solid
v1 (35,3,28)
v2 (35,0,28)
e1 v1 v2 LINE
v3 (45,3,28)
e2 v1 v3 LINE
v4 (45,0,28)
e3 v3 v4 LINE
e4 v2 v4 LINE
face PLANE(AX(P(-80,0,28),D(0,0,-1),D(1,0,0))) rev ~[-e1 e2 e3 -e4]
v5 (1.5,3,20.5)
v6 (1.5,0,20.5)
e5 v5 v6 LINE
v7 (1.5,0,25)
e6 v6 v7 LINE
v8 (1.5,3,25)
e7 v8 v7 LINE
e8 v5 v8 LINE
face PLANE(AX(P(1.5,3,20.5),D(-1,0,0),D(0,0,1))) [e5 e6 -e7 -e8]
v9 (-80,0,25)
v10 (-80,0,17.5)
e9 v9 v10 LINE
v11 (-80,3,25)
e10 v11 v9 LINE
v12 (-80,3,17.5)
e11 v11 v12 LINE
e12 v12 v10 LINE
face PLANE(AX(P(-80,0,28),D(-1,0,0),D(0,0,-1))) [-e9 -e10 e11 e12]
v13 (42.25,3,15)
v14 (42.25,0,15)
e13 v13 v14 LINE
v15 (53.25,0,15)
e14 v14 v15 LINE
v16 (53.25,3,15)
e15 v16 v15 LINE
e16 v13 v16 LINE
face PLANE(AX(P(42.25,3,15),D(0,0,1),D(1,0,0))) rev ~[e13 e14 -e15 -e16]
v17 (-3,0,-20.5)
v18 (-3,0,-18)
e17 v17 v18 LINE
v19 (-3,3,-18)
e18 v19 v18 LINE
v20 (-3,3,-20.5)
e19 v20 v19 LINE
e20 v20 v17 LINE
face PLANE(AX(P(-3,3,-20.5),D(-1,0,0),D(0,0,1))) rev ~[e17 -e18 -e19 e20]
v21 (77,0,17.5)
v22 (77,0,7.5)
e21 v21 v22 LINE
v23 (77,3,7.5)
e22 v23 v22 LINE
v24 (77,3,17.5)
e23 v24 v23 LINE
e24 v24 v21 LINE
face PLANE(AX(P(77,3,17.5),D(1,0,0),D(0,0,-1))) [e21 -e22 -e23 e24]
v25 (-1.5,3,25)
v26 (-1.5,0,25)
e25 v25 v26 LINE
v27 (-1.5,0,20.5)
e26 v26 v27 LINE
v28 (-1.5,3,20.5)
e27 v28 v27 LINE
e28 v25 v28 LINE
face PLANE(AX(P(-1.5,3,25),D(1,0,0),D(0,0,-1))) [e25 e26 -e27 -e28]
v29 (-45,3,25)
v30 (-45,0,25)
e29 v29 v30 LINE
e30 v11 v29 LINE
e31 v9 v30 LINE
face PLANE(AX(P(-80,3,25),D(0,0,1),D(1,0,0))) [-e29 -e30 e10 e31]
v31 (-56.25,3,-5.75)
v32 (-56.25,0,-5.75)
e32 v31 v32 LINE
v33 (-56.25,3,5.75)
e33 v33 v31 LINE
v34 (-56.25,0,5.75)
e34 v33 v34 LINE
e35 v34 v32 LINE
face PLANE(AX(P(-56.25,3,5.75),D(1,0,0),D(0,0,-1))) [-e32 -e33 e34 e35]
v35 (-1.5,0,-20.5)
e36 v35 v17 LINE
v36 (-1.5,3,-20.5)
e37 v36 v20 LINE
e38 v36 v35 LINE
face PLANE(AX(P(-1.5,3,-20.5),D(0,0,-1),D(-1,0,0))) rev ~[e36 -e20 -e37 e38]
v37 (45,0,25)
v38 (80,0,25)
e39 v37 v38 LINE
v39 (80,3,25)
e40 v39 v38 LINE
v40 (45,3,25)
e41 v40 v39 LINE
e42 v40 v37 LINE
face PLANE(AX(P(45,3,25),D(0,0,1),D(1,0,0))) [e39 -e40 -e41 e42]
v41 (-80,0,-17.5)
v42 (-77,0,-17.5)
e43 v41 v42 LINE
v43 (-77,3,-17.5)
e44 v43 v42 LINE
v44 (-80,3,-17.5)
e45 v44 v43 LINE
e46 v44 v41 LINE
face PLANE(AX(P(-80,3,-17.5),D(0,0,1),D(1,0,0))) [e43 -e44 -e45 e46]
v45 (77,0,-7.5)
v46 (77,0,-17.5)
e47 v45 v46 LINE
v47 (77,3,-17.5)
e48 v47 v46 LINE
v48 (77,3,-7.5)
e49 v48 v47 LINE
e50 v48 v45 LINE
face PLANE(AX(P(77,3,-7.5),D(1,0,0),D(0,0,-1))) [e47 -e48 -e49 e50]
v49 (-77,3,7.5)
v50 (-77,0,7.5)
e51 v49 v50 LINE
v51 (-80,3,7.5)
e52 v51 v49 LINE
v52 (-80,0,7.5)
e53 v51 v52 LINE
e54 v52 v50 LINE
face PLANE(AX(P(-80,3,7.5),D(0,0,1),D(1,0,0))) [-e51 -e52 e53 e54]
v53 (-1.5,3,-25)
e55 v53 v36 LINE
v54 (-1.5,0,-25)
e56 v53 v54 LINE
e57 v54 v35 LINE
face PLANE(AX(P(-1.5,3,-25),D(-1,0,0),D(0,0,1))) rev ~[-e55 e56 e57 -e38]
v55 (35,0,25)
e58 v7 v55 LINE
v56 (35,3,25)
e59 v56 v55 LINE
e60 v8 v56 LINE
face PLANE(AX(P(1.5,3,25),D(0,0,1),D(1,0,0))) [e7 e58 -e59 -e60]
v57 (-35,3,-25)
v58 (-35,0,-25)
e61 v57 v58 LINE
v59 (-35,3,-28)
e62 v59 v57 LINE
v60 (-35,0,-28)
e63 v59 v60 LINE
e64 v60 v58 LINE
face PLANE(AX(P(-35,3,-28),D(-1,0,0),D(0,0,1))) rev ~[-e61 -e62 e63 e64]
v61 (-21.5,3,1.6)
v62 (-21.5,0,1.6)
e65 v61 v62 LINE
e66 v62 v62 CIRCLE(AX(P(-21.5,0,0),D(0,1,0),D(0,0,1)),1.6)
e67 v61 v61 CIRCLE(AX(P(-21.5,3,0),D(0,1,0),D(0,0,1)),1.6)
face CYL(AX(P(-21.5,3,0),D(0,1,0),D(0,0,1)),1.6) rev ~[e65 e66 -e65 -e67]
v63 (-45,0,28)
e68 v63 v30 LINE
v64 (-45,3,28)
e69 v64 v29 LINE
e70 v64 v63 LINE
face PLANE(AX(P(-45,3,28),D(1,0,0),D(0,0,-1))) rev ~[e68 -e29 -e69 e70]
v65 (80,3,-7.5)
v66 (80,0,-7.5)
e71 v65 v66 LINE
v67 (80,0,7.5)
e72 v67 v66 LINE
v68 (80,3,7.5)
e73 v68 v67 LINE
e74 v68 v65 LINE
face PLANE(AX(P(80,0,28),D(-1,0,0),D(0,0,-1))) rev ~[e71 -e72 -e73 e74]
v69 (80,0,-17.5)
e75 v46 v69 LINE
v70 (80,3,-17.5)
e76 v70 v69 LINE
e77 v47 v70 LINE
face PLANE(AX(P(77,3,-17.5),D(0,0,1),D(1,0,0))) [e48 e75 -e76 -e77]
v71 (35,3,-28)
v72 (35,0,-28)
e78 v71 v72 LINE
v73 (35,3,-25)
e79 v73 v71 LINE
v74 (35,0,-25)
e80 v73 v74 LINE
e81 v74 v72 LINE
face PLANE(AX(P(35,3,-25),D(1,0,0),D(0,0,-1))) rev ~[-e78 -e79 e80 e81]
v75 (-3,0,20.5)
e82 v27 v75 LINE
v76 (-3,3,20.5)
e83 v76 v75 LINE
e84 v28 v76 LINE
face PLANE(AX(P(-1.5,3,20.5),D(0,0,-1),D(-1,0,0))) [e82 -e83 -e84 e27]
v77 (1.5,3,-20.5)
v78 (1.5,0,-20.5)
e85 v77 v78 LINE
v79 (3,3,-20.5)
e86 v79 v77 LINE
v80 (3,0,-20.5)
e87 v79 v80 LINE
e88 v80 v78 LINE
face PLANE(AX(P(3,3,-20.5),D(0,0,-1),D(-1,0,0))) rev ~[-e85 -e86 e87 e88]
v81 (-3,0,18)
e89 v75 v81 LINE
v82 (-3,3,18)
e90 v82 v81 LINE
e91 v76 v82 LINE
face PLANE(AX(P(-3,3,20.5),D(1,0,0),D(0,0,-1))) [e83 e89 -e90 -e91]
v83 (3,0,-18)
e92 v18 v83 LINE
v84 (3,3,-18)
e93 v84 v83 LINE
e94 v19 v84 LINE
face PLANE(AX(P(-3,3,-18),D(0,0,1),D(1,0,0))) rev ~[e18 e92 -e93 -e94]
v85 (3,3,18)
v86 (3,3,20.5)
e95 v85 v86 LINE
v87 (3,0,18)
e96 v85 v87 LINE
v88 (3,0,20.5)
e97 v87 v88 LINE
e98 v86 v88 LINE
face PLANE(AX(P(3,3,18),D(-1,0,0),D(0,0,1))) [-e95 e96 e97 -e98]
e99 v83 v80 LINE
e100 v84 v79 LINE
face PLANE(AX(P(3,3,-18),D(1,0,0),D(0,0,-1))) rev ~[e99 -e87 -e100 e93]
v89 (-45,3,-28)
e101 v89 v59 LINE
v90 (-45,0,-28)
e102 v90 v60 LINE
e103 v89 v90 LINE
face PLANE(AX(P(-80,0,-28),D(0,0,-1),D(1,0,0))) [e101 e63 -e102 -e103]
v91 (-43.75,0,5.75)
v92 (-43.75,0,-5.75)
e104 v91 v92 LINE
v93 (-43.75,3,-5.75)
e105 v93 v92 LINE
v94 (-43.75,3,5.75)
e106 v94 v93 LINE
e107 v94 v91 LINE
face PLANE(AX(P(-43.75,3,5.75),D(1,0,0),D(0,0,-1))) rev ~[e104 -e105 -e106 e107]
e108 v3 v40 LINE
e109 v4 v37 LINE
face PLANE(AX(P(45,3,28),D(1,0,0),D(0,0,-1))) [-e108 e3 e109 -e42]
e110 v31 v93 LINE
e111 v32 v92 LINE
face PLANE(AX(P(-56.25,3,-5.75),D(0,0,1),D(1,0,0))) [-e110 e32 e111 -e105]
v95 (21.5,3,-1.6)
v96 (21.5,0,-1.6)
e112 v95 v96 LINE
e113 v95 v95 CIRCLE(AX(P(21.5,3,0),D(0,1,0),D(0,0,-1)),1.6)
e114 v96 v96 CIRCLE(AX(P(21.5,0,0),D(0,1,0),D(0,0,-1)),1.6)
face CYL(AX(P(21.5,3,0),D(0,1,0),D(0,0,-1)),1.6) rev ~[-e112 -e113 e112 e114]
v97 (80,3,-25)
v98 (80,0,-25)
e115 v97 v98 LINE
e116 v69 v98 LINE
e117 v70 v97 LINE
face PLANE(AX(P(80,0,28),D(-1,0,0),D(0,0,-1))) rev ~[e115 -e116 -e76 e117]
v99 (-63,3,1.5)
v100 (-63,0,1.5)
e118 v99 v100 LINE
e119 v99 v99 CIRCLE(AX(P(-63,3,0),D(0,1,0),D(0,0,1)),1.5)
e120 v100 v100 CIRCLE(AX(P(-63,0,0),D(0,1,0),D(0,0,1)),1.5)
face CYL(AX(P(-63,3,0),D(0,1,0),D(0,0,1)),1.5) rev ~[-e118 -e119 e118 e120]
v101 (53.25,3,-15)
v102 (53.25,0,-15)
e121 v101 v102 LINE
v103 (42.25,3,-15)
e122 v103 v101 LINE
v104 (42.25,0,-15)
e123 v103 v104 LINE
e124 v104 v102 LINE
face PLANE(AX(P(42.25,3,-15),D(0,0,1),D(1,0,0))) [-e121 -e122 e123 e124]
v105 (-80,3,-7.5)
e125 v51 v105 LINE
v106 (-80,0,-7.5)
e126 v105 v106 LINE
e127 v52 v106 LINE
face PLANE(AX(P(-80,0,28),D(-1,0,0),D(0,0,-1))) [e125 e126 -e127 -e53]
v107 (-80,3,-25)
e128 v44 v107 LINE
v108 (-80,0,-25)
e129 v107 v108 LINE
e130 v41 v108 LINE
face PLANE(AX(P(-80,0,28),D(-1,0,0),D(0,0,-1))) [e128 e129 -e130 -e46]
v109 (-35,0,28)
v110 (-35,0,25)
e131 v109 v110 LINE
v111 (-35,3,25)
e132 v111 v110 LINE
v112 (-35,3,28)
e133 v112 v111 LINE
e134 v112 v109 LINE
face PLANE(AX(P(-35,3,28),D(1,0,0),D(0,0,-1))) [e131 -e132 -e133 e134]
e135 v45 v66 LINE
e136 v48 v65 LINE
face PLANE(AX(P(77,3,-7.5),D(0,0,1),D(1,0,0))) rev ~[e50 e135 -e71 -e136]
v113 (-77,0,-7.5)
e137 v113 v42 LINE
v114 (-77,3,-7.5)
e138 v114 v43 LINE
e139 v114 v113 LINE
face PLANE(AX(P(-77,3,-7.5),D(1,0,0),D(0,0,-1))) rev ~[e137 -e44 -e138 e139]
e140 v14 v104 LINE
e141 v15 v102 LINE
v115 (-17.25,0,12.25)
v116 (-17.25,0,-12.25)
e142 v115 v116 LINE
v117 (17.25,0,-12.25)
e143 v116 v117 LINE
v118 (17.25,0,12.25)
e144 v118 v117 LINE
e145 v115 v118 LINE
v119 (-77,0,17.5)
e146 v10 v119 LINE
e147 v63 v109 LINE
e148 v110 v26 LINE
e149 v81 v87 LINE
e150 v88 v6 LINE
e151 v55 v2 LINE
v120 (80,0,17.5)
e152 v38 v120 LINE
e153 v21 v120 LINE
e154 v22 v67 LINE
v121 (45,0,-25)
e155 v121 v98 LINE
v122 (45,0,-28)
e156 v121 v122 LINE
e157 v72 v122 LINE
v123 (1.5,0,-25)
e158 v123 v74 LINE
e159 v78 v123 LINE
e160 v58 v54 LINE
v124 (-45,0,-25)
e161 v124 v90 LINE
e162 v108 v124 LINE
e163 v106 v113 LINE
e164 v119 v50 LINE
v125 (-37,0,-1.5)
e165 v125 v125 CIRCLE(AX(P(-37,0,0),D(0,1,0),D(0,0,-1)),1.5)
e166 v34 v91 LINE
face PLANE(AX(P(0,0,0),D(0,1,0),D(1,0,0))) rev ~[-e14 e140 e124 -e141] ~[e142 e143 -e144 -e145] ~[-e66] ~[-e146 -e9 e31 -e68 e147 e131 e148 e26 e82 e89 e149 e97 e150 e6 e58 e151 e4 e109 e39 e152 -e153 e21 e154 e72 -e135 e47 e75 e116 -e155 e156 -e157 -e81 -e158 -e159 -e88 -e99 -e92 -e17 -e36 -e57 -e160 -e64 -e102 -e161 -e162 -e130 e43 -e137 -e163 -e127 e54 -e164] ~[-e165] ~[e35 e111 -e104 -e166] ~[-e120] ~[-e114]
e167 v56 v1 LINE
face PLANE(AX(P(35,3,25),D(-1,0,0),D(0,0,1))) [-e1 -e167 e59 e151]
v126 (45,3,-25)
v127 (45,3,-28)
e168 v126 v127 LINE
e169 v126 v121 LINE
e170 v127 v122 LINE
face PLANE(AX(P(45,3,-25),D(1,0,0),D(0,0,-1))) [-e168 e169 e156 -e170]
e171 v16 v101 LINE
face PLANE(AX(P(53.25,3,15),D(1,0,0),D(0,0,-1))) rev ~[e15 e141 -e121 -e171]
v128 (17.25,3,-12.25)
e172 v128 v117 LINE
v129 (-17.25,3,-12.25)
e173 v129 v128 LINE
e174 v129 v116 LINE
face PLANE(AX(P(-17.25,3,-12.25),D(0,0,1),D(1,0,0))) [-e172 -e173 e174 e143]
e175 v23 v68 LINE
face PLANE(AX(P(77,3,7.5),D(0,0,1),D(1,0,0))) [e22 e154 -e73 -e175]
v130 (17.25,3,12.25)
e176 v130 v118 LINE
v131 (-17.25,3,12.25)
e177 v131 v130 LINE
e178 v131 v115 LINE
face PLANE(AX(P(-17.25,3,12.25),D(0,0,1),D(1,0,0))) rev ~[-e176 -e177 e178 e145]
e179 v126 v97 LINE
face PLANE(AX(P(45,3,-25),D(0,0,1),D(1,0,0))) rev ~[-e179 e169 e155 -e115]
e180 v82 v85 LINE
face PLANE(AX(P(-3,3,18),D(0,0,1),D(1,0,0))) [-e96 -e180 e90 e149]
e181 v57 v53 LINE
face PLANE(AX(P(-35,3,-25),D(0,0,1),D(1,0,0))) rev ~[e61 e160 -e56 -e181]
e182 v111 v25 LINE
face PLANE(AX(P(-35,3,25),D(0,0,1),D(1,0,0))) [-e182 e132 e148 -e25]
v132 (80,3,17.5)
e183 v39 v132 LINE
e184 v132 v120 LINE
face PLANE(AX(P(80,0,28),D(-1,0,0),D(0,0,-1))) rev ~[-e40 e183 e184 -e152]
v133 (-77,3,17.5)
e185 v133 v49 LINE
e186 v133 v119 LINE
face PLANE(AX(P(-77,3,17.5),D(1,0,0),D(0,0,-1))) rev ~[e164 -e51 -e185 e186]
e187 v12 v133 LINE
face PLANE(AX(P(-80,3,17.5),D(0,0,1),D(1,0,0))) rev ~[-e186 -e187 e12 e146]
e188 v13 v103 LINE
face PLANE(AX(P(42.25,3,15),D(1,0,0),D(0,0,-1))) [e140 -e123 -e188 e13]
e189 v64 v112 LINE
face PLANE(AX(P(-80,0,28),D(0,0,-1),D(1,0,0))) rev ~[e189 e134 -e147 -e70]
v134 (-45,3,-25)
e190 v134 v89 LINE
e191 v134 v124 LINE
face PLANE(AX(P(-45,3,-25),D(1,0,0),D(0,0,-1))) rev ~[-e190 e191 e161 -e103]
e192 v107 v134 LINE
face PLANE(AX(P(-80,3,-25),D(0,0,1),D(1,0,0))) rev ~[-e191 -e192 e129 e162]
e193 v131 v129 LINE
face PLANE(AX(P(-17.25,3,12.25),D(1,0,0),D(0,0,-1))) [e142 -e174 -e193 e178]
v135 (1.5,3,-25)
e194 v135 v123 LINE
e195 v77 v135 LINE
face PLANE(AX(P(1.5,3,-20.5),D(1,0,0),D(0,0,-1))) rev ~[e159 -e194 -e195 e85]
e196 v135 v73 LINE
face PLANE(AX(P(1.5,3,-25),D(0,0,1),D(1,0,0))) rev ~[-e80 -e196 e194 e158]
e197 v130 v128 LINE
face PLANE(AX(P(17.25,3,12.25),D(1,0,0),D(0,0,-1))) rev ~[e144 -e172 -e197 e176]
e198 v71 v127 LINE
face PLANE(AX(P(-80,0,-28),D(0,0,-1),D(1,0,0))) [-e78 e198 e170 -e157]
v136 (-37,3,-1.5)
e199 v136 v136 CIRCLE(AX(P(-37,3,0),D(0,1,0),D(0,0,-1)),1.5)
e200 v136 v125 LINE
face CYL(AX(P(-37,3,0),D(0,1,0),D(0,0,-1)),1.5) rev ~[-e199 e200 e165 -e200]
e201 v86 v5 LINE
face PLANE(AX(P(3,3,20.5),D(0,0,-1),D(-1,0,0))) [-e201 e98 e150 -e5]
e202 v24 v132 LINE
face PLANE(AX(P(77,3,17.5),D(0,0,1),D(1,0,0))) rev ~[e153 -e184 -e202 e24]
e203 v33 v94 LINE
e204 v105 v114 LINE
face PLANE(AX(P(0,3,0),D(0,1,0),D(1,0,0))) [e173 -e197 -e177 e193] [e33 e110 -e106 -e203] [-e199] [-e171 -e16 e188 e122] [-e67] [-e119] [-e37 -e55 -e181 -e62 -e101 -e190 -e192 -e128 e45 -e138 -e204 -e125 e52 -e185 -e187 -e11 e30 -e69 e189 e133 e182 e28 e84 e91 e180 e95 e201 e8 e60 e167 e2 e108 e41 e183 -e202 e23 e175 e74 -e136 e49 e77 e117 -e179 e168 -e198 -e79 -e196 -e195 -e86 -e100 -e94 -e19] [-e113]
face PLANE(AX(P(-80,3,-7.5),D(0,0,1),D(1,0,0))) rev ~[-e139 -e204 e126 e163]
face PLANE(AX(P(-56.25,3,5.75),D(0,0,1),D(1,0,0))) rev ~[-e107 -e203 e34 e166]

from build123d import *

# Parameters (mm, degrees)
SKETCH3_W           = 160
SKETCH3_H           = 56
BOSS_EXTRUDE1_DEPTH = 3
SKETCH4_W           = 3
SKETCH4_H           = 10
SKETCH4_W_2         = 35
SKETCH4_H_2         = 3
CUT_EXTRUDE1_DEPTH  = 85.811555816
SKETCH5_R           = 1.6
SKETCH5_R_2         = 1.5
SKETCH5_W           = 34.5
SKETCH5_H           = 24.5
SKETCH5_W_2         = 11
SKETCH5_H_2         = 30
SKETCH5_W_3         = 12.5
SKETCH5_H_3         = 11.5
CUT_EXTRUDE2_DEPTH  = 85.811555816


with BuildPart() as part:
    # Sketch3 → Boss-Extrude1 (new body)
    with BuildSketch(Plane(origin=(0, 0, 0), x_dir=(1, 0, 0), z_dir=(0, 1, 0))):
        Rectangle(SKETCH3_W, SKETCH3_H)
    extrude(amount=BOSS_EXTRUDE1_DEPTH)

    # Sketch4 → Cut-Extrude1 (cut, through all)
    with BuildSketch(Plane(origin=(0, 3, 0), x_dir=(1, 0, 0), z_dir=(0, 1, 0))):
        with Locations((-78.5, 12.5)):
            Rectangle(SKETCH4_W, SKETCH4_H)
        Polygon((-35, 28), (-35, 25), (-1.5, 25), (-1.5, 20.5), (-3, 20.5), (-3, 18), (3, 18), (3, 20.5), (1.5, 20.5), (1.5, 25), (35, 25), (35, 28), align=None)
        with Locations((-62.5, 26.5)):
            Rectangle(SKETCH4_W_2, SKETCH4_H_2)
        with Locations((62.5, 26.5)):
            Rectangle(SKETCH4_W_2, SKETCH4_H_2)
        with Locations((78.5, 12.5)):
            Rectangle(SKETCH4_W, SKETCH4_H)
        with Locations((78.5, -12.5)):
            Rectangle(SKETCH4_W, SKETCH4_H)
        with Locations((62.5, -26.5)):
            Rectangle(SKETCH4_W_2, SKETCH4_H_2)
        Polygon((35, -28), (-35, -28), (-35, -25), (-1.5, -25), (-1.5, -20.5), (-3, -20.5), (-3, -18), (3, -18), (3, -20.5), (1.5, -20.5), (1.5, -25), (35, -25), align=None)
        with Locations((-62.5, -26.5)):
            Rectangle(SKETCH4_W_2, SKETCH4_H_2)
        with Locations((-78.5, -12.5)):
            Rectangle(SKETCH4_W, SKETCH4_H)
    extrude(amount=-CUT_EXTRUDE1_DEPTH, mode=Mode.SUBTRACT)

    # Sketch5 → Cut-Extrude2 (cut, through all)
    with BuildSketch(Plane(origin=(0, 3, 0), x_dir=(1, 0, 0), z_dir=(0, 1, 0))):
        with Locations(Location((-21.5, 0, 0), (0, 0, 270))):
            Circle(SKETCH5_R)
        with Locations(Location((21.5, 0, 0), (0, 0, 90))):
            Circle(SKETCH5_R)
        with Locations(Location((-63, 0, 0), (0, 0, 270))):
            Circle(SKETCH5_R_2)
        with Locations(Location((-37, 0, 0), (0, 0, 90))):
            Circle(SKETCH5_R_2)
        Rectangle(SKETCH5_W, SKETCH5_H)
        with Locations((47.75, 0)):
            Rectangle(SKETCH5_W_2, SKETCH5_H_2)
        with Locations((-50, 0)):
            Rectangle(SKETCH5_W_3, SKETCH5_H_3)
    extrude(amount=-CUT_EXTRUDE2_DEPTH, mode=Mode.SUBTRACT)


solid = part.part
